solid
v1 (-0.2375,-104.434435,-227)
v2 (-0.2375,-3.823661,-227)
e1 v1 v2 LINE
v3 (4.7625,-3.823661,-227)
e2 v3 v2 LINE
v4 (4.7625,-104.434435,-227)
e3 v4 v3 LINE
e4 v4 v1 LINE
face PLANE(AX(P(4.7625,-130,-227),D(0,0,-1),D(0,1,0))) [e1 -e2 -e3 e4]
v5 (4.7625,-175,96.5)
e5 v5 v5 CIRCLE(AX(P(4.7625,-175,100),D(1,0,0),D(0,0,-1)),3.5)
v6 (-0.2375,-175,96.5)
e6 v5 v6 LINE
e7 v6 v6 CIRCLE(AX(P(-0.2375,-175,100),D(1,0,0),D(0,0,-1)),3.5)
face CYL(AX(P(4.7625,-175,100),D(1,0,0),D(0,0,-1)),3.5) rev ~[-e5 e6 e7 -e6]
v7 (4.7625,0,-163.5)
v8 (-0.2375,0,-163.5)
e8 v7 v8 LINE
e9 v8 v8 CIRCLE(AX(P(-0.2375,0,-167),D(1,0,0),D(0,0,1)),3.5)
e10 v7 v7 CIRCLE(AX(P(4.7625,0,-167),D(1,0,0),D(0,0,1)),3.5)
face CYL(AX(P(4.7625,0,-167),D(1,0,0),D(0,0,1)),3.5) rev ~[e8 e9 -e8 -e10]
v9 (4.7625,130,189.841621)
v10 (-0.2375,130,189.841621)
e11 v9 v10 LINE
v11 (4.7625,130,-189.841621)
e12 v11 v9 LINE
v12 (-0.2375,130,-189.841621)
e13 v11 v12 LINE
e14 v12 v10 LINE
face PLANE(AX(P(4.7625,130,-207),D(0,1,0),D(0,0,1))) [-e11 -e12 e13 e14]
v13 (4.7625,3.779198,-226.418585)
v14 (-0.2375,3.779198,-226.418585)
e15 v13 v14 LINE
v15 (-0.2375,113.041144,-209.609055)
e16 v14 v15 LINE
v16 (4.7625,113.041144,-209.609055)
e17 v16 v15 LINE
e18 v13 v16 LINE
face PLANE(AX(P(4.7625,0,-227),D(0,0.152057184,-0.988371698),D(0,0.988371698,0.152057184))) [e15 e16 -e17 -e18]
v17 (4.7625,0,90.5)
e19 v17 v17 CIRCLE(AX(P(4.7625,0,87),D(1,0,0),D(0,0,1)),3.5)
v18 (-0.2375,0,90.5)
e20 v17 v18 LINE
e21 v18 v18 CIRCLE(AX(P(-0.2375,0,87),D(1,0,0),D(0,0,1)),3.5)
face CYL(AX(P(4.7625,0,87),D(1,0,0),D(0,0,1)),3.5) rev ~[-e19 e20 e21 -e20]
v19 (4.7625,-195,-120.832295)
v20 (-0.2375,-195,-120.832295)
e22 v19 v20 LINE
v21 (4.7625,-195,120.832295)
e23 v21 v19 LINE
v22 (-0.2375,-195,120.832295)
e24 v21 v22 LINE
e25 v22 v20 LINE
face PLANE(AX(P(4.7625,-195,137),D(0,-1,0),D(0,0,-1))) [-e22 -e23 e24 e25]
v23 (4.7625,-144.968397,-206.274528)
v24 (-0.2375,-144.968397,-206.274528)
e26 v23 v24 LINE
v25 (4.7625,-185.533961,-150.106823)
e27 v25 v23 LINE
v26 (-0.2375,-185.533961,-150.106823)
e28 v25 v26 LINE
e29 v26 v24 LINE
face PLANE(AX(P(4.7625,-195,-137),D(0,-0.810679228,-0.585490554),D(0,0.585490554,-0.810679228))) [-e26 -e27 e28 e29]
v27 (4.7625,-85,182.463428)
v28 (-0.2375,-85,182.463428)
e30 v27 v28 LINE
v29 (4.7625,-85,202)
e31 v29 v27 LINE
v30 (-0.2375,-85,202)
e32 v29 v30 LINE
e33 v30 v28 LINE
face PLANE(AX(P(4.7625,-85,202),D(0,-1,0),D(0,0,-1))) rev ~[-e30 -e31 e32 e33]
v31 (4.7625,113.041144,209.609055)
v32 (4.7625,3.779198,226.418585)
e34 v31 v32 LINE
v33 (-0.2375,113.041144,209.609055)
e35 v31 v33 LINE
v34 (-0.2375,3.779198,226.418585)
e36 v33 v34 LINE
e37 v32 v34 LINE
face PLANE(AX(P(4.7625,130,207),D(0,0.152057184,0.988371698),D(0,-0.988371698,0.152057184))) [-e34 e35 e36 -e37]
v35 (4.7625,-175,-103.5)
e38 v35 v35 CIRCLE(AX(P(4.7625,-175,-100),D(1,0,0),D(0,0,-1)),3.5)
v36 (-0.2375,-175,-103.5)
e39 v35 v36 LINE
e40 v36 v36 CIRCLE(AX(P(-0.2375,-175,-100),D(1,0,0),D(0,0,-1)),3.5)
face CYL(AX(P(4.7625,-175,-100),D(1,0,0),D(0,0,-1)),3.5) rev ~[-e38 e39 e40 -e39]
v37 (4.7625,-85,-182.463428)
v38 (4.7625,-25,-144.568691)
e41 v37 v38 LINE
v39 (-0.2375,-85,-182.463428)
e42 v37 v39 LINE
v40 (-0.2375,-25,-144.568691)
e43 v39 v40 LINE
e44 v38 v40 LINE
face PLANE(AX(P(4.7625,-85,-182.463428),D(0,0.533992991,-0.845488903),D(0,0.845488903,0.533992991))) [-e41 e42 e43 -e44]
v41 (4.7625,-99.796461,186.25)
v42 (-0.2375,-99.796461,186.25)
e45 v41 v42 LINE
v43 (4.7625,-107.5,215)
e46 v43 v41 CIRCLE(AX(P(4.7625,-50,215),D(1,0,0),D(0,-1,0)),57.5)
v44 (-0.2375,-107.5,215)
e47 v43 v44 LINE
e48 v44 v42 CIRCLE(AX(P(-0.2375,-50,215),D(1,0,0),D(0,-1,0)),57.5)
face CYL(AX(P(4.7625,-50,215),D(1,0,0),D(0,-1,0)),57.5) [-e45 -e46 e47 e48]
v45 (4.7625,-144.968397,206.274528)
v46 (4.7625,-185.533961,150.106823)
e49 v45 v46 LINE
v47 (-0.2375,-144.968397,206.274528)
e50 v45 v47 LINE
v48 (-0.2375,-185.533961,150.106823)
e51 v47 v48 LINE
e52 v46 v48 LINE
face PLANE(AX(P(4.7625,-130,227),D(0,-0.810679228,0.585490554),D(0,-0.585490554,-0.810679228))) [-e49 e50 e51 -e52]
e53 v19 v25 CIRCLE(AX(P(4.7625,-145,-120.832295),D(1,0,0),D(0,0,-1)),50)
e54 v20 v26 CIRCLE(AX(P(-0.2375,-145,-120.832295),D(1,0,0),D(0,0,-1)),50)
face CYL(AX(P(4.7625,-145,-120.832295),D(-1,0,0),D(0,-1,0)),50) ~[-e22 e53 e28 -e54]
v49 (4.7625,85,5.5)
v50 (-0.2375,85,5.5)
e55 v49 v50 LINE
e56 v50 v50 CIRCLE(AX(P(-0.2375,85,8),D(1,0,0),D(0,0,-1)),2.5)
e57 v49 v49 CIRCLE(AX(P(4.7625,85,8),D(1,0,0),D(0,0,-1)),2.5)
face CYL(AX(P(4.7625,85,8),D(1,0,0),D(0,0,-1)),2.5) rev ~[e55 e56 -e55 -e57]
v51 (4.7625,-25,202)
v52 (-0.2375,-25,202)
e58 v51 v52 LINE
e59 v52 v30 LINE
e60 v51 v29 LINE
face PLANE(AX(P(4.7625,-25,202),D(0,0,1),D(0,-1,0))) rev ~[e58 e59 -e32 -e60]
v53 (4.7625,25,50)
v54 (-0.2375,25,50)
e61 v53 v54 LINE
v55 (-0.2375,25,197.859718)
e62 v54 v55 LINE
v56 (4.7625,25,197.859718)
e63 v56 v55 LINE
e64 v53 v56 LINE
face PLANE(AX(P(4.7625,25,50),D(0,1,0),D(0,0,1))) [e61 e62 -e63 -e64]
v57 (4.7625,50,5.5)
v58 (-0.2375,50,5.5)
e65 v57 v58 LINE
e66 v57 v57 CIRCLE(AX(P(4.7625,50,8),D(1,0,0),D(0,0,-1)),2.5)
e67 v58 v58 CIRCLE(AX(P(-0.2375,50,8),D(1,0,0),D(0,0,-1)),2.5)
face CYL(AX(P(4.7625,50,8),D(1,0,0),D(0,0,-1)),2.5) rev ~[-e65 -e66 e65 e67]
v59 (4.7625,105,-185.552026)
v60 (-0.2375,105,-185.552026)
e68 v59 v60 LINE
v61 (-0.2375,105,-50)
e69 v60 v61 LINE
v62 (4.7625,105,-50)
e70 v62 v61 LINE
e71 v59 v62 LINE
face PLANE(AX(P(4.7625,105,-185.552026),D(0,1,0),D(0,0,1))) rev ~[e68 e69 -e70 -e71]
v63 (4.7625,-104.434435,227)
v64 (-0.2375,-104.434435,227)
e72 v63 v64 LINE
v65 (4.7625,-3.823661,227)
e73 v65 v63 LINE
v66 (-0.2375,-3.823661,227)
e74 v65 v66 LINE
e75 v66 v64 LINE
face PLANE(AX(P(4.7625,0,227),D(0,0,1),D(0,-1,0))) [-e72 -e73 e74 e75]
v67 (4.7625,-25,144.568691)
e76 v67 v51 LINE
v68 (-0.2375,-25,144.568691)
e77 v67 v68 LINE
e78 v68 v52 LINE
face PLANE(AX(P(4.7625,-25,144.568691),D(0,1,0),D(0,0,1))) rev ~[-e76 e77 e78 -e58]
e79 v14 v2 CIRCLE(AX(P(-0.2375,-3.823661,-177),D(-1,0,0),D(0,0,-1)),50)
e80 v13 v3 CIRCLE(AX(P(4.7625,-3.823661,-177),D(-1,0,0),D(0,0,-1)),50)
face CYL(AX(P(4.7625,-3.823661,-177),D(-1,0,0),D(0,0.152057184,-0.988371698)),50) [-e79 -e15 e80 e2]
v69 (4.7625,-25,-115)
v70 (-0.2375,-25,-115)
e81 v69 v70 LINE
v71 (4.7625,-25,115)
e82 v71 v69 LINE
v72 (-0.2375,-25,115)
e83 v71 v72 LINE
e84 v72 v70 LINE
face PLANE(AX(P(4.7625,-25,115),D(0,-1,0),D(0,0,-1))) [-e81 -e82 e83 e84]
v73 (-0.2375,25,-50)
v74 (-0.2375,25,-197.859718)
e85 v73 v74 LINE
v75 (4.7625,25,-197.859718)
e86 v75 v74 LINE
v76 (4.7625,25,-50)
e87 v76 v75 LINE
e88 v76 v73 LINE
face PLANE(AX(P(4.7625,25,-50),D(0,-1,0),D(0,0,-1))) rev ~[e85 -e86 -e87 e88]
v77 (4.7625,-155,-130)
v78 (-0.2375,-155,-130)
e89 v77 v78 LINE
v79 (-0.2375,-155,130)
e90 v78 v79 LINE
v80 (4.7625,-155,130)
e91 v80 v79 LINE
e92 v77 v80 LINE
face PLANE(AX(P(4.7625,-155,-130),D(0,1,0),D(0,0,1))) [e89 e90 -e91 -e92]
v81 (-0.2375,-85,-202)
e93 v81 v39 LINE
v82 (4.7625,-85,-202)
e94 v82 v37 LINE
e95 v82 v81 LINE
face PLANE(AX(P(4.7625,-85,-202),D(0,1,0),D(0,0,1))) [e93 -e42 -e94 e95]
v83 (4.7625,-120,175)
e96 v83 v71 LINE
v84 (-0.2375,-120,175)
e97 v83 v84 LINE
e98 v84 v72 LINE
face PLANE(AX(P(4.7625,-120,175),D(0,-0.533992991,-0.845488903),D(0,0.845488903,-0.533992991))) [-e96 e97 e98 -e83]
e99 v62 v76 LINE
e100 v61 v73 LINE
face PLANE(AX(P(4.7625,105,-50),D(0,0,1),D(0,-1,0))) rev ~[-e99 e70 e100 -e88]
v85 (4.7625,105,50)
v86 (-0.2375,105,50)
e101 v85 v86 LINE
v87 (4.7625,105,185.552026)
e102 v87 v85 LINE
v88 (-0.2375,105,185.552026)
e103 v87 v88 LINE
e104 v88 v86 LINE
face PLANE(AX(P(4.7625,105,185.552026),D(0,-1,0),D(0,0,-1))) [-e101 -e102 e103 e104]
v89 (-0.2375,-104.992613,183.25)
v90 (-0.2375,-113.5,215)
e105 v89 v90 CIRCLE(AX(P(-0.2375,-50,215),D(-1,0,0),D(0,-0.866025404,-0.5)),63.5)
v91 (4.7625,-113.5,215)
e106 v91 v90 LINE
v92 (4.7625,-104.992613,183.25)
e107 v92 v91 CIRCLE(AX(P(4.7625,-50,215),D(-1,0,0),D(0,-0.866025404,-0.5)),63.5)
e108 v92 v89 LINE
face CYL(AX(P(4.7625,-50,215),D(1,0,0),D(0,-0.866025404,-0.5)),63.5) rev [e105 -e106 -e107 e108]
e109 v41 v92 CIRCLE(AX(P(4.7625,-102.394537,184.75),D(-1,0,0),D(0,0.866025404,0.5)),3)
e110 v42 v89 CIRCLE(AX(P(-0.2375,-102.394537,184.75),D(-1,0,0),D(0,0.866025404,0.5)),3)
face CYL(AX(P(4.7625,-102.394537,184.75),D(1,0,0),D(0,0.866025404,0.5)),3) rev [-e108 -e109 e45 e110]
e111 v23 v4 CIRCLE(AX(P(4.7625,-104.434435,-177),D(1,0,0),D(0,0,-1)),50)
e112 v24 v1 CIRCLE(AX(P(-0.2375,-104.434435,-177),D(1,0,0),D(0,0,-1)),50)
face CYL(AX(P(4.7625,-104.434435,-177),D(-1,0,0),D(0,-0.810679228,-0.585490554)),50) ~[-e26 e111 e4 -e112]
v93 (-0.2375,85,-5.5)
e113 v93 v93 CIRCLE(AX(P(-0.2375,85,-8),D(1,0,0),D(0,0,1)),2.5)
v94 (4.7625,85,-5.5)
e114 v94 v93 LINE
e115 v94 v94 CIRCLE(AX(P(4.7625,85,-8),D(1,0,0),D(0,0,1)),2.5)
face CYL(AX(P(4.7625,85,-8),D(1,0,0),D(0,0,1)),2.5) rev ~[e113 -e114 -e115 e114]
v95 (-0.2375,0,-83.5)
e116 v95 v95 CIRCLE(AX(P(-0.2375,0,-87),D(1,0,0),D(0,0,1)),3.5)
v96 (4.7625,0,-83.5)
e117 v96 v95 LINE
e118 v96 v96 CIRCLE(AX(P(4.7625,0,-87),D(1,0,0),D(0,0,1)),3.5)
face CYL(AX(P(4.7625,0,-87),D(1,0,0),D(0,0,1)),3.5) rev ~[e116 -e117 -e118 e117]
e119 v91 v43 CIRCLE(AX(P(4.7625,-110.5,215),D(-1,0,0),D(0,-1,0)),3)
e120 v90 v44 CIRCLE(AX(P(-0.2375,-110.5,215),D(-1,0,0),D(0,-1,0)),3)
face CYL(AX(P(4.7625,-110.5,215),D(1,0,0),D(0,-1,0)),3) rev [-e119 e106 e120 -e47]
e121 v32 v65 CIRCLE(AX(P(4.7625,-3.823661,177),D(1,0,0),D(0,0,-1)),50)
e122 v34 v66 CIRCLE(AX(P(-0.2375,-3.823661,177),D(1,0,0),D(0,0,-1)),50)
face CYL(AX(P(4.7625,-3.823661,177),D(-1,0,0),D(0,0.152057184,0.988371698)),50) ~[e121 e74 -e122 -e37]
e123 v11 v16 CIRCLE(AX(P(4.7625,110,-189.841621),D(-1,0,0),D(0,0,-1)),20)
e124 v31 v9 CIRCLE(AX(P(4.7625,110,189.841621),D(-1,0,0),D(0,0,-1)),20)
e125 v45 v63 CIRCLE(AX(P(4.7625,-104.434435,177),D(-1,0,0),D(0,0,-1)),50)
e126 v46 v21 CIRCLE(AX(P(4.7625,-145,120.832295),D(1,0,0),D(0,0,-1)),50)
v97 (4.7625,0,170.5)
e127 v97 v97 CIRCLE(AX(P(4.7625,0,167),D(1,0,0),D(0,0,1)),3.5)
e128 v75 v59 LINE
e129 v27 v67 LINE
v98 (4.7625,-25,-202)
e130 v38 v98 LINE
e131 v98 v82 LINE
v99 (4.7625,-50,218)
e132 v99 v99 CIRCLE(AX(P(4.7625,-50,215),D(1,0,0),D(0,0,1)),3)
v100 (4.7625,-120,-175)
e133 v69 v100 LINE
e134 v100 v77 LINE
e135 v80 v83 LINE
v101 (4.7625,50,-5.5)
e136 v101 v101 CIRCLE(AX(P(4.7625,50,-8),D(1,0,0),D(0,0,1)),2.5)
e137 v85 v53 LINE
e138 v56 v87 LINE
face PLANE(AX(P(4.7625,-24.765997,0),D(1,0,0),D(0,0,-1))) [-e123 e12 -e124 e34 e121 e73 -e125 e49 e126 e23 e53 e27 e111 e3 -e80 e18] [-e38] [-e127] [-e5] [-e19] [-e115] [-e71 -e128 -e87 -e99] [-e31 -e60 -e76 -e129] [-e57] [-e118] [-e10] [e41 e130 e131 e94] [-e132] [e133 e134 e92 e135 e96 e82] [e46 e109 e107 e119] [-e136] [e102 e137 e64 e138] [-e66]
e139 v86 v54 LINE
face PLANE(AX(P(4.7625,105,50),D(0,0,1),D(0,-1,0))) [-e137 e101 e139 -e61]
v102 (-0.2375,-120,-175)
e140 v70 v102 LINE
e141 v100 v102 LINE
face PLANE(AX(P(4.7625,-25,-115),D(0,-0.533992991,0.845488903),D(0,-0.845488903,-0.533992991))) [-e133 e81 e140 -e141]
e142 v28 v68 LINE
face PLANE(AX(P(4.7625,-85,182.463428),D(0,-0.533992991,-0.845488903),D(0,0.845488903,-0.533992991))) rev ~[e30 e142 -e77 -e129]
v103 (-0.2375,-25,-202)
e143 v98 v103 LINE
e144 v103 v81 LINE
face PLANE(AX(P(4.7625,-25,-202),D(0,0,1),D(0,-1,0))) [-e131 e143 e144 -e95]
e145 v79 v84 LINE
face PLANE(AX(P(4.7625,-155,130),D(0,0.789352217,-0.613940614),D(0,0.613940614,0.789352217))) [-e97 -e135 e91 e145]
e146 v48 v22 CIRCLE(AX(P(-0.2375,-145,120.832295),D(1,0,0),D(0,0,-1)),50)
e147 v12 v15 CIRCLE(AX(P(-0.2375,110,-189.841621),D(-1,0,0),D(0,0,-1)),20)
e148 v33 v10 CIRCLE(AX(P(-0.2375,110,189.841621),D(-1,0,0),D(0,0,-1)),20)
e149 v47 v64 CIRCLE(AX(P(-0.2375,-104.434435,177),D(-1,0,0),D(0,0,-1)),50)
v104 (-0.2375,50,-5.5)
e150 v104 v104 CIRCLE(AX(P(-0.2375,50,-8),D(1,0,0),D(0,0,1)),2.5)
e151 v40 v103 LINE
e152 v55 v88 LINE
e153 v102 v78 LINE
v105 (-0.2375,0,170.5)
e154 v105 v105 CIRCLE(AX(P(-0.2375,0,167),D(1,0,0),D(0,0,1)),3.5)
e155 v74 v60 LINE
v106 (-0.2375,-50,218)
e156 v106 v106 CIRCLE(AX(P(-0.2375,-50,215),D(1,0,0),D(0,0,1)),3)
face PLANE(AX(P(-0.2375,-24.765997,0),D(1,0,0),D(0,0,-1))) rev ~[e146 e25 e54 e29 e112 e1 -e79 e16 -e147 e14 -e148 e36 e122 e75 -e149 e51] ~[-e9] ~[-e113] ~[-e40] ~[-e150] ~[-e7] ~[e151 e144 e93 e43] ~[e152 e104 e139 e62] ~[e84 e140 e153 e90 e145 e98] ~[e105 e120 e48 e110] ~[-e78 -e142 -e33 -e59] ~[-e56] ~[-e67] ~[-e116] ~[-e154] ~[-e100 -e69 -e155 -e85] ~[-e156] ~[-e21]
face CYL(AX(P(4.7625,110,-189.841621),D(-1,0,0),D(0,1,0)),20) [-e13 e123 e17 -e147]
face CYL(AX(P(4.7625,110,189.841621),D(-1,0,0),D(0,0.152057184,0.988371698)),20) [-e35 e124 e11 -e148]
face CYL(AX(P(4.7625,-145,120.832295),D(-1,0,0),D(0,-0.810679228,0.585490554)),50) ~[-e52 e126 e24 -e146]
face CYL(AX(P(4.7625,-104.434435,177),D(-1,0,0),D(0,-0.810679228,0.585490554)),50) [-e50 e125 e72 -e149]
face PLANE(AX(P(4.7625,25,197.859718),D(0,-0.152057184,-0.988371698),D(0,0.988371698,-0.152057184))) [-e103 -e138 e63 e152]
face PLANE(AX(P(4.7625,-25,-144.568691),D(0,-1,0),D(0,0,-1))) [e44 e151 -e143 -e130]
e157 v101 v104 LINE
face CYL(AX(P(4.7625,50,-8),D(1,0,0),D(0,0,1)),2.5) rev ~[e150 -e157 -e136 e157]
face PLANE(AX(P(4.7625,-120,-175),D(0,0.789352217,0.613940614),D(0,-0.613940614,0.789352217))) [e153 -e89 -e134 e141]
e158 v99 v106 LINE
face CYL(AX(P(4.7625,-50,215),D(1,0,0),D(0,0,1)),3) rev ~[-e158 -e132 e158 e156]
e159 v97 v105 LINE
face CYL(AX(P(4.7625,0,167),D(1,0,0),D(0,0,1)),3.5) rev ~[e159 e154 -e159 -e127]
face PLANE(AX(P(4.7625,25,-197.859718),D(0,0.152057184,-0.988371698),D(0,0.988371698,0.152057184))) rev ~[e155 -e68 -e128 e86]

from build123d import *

# Parameters (mm, degrees)
SKETCH_1_R      = 2.5
SKETCH_1_R_2    = 3.5
SKETCH_1_R_3    = 3
EXTRUDE_1_DEPTH = 5
FILLET_1_R      = 20
FILLET_2_R      = 20
FILLET_3_R      = 50
FILLET_4_R      = 50
FILLET_5_R      = 50
FILLET_6_R      = 50
FILLET_7_R      = 50
FILLET_8_R      = 50


with BuildPart() as part:
    # 草图1 → 凸台-拉伸1 (new body)
    with BuildSketch(Plane(origin=(4.7625, 0, 0), x_dir=(0, 0, -1), z_dir=(1, 0, 0))):
        Polygon((-227, 0), (-227, -130), (-137, -195), (137, -195), (227, -130), (227, 0), (207, 130), (-207, 130), align=None)
        with Locations((-8, 85)):
            Circle(SKETCH_1_R, mode=Mode.SUBTRACT)
        with Locations((-8, 50)):
            Circle(SKETCH_1_R, mode=Mode.SUBTRACT)
        with Locations(Location((8, 50, 0), (0, 0, 180))):
            Circle(SKETCH_1_R, mode=Mode.SUBTRACT)
        with Locations(Location((8, 85, 0), (0, 0, 180))):
            Circle(SKETCH_1_R, mode=Mode.SUBTRACT)
        with Locations((-100, -175)):
            Circle(SKETCH_1_R_2, mode=Mode.SUBTRACT)
        with Locations((100, -175)):
            Circle(SKETCH_1_R_2, mode=Mode.SUBTRACT)
        with Locations(Location((167, 0, 0), (0, 0, 180))):
            Circle(SKETCH_1_R_2, mode=Mode.SUBTRACT)
        with Locations(Location((87, 0, 0), (0, 0, 180))):
            Circle(SKETCH_1_R_2, mode=Mode.SUBTRACT)
        with Locations(Location((-87, 0, 0), (0, 0, 180))):
            Circle(SKETCH_1_R_2, mode=Mode.SUBTRACT)
        with Locations(Location((-167, 0, 0), (0, 0, 180))):
            Circle(SKETCH_1_R_2, mode=Mode.SUBTRACT)
        with Locations(Location((-215, -50, 0), (0, 0, 180))):
            Circle(SKETCH_1_R_3, mode=Mode.SUBTRACT)
        Polygon((130, -155), (-130, -155), (-175, -120), (-115, -25), (115, -25), (175, -120), align=None, mode=Mode.SUBTRACT)
        Polygon((-144.568690861, -25), (-202, -25), (-202, -85), (-182.463427703, -85), align=None, mode=Mode.SUBTRACT)
        Polygon((182.463427703, -85), (144.568690861, -25), (202, -25), (202, -85), align=None, mode=Mode.SUBTRACT)
        Polygon((-185.552026081, 105), (-50, 105), (-50, 25), (-197.859718389, 25), align=None, mode=Mode.SUBTRACT)
        Polygon((50, 105), (50, 25), (197.859718389, 25), (185.552026081, 105), align=None, mode=Mode.SUBTRACT)
        with BuildLine():
            ThreePointArc((-215, -113.5), (-218, -110.5), (-215, -107.5))
            ThreePointArc((-215, -107.5), (-200.117904907, -105.540735012), (-186.25, -99.796460718))
            ThreePointArc((-186.25, -99.796460718), (-182.151923789, -100.894536929), (-183.25, -104.99261314))
            ThreePointArc((-183.25, -104.99261314), (-198.564990636, -111.336289969), (-215, -113.5))
        make_face(mode=Mode.SUBTRACT)
    extrude(amount=-EXTRUDE_1_DEPTH)

    # 圆角1
    fillet_1_edges = [part.edges().sort_by_distance(p)[0] for p in [
        (2.2625, 130, 207),
    ]]
    fillet(fillet_1_edges, radius=FILLET_1_R)

    # 圆角2
    fillet_2_edges = [part.edges().sort_by_distance(p)[0] for p in [
        (2.2625, 130, -207),
    ]]
    fillet(fillet_2_edges, radius=FILLET_2_R)

    # 圆角3
    fillet_3_edges = [part.edges().sort_by_distance(p)[0] for p in [
        (2.2625, 0, 227),
    ]]
    fillet(fillet_3_edges, radius=FILLET_3_R)

    # 圆角4
    fillet_4_edges = [part.edges().sort_by_distance(p)[0] for p in [
        (2.2625, 0, -227),
    ]]
    fillet(fillet_4_edges, radius=FILLET_4_R)

    # 圆角5
    fillet_5_edges = [part.edges().sort_by_distance(p)[0] for p in [
        (2.2625, -130, 227),
    ]]
    fillet(fillet_5_edges, radius=FILLET_5_R)

    # 圆角6
    fillet_6_edges = [part.edges().sort_by_distance(p)[0] for p in [
        (2.2625, -195, 137),
    ]]
    fillet(fillet_6_edges, radius=FILLET_6_R)

    # 圆角7
    fillet_7_edges = [part.edges().sort_by_distance(p)[0] for p in [
        (2.2625, -195, -137),
    ]]
    fillet(fillet_7_edges, radius=FILLET_7_R)

    # 圆角8
    fillet_8_edges = [part.edges().sort_by_distance(p)[0] for p in [
        (2.2625, -130, -227),
    ]]
    fillet(fillet_8_edges, radius=FILLET_8_R)


solid = part.part
